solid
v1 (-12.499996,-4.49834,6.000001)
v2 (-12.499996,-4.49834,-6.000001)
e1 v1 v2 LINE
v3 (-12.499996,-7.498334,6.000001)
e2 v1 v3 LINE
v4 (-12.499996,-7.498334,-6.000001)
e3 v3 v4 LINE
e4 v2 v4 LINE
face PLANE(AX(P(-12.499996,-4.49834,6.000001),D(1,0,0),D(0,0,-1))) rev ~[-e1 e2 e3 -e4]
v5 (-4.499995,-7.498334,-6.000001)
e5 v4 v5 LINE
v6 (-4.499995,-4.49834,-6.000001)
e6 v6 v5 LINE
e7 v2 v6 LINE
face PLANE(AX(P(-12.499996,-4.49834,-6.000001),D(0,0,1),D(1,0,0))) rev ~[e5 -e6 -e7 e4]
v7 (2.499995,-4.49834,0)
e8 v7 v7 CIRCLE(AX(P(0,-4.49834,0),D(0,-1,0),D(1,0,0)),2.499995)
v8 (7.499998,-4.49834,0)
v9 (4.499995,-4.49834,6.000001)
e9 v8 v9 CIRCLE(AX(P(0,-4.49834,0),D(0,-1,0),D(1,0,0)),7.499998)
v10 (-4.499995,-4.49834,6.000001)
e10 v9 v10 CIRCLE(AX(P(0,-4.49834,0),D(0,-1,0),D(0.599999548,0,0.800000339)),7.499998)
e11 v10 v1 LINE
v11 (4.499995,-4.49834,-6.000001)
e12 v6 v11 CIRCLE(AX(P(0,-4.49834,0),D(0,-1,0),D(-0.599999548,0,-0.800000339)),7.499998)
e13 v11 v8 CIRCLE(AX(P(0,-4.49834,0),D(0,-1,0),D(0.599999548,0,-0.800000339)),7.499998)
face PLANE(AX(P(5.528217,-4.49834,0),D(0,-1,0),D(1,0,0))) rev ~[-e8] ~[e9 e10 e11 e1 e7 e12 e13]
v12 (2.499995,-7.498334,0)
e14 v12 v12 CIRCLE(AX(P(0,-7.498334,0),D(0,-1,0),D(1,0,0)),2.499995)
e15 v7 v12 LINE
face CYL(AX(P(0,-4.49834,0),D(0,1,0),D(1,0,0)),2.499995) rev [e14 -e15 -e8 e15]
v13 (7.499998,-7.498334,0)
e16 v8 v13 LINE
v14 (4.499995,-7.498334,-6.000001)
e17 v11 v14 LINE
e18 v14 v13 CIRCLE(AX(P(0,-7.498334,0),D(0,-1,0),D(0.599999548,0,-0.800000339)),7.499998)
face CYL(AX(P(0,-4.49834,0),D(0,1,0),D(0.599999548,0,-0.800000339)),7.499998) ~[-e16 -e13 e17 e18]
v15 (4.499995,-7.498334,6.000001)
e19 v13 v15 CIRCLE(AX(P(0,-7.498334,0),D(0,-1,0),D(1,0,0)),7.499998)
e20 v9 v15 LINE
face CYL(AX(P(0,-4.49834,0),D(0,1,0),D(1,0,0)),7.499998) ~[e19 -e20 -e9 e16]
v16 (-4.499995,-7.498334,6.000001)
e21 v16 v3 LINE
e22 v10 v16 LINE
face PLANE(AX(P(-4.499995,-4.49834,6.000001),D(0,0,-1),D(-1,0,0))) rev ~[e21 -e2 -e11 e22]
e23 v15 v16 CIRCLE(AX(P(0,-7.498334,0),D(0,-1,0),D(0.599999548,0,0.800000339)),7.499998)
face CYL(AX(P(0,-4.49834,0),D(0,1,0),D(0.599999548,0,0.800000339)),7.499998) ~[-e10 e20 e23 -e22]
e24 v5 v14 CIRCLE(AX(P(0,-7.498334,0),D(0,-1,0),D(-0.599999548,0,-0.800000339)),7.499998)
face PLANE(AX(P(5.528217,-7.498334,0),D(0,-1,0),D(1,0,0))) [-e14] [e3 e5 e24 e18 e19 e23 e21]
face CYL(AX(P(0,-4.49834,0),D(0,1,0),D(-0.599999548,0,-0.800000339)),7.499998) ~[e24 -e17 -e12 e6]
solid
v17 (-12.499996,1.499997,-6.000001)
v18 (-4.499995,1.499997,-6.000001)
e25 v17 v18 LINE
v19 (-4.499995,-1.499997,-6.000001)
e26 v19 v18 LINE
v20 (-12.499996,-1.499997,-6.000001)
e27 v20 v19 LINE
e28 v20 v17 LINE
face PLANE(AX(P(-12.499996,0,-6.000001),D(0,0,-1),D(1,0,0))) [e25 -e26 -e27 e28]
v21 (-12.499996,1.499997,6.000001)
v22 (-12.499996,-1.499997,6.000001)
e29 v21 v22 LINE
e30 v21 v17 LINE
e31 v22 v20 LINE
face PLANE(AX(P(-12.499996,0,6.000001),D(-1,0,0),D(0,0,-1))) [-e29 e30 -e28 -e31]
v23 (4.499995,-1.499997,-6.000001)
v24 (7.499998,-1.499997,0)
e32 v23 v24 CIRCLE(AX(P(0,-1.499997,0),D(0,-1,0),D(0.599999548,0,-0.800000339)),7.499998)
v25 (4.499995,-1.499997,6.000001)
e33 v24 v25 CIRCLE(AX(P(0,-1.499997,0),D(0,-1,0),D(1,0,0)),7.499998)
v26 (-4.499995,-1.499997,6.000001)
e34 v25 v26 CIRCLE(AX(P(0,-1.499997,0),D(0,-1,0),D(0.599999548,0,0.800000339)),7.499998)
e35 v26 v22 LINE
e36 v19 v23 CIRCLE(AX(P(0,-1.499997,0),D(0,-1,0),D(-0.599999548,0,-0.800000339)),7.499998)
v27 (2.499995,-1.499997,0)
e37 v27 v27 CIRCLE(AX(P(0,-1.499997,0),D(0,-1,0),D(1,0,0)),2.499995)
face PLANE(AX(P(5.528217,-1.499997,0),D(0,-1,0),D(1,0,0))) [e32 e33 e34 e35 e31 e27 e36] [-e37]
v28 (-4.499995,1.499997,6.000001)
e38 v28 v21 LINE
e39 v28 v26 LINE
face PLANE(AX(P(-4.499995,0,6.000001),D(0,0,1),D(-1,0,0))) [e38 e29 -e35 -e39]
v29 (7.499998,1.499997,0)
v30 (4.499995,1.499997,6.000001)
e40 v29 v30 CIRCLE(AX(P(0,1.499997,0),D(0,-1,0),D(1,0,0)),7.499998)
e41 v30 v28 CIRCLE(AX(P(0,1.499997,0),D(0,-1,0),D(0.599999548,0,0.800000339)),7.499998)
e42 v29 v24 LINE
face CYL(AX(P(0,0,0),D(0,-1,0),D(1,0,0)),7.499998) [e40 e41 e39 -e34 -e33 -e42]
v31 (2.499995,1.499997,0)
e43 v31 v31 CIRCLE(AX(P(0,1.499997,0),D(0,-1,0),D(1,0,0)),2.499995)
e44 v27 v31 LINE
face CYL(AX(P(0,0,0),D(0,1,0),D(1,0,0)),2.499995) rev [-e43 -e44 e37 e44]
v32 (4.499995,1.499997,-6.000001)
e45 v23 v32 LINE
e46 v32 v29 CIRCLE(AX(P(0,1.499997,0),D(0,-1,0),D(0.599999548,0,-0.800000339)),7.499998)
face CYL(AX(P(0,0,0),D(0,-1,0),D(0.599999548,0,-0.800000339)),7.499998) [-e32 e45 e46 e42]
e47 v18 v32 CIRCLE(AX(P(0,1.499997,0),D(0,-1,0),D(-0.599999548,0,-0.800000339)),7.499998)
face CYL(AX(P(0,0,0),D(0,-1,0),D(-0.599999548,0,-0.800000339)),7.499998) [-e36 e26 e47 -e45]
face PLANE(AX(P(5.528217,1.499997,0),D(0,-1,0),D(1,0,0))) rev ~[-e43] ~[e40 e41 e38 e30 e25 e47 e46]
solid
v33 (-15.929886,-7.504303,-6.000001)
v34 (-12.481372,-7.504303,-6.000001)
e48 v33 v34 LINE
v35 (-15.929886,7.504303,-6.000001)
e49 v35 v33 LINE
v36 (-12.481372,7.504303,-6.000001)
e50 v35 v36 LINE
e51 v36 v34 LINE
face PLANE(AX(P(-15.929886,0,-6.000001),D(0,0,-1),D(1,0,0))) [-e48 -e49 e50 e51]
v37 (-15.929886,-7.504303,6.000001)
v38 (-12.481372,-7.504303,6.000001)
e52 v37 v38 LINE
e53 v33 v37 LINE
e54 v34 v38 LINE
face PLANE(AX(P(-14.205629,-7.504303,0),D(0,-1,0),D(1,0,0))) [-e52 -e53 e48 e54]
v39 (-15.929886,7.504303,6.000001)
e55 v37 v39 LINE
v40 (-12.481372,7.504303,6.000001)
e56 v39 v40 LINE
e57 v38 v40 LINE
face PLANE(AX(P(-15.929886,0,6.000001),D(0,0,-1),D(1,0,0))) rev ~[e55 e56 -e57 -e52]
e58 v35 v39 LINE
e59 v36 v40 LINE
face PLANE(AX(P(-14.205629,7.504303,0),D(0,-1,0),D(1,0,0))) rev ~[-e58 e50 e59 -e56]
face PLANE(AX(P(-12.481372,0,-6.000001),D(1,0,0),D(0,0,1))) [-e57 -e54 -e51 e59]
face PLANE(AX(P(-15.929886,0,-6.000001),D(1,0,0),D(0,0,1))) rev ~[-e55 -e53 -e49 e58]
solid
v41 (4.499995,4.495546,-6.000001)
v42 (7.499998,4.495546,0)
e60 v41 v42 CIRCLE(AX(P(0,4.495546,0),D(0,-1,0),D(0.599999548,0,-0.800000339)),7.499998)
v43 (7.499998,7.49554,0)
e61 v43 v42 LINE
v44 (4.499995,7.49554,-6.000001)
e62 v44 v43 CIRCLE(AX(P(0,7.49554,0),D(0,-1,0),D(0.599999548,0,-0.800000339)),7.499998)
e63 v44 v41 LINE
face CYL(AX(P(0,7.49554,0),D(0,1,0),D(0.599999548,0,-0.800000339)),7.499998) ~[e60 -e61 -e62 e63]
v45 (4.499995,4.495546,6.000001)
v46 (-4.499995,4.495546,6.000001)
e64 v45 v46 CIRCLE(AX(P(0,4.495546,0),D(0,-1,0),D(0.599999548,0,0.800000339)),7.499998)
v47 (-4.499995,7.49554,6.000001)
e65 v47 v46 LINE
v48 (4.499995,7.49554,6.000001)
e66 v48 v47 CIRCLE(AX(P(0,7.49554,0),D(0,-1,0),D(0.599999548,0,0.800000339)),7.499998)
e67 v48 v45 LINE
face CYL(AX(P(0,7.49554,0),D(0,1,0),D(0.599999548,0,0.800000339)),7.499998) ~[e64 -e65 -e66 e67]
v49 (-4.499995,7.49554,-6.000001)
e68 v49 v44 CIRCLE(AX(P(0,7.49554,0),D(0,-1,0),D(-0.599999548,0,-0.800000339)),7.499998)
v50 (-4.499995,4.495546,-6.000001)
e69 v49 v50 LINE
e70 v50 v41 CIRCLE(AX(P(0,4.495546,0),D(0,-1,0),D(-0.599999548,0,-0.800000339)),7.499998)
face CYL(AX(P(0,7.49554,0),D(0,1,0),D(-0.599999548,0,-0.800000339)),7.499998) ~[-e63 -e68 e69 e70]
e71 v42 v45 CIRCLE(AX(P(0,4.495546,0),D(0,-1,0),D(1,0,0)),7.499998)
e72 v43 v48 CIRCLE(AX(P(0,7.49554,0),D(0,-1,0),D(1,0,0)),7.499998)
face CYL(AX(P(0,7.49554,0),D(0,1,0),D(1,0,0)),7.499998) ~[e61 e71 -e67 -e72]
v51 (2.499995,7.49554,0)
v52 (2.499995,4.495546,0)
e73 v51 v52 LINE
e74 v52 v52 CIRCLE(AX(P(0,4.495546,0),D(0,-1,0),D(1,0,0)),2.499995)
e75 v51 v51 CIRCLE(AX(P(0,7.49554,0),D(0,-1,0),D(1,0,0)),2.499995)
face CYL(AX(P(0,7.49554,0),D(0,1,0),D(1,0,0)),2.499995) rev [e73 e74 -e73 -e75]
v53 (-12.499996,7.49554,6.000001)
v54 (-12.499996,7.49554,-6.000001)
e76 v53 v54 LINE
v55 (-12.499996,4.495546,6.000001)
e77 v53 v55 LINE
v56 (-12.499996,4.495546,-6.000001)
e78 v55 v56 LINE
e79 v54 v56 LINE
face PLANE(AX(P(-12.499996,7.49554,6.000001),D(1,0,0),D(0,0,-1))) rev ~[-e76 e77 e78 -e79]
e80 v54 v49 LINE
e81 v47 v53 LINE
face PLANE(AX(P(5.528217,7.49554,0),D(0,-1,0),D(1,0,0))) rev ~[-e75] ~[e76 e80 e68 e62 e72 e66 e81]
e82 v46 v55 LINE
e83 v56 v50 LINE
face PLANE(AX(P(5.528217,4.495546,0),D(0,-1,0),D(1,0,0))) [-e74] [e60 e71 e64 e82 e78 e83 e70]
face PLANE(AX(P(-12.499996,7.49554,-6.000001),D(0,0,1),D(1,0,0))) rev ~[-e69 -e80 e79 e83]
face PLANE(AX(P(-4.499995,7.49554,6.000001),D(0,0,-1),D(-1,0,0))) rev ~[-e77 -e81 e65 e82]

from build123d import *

# Parameters (mm, degrees)
F0_W      = 8.9999904667
F0_H      = 12.0000014
F0_R      = 2.499995
F1_DEPTH  = 1.499997
F2_DEPTH  = 2.999994
F4_DEPTH  = 2.999994
F6_DEPTH  = 2.999994
F8_DEPTH  = 2.999994
F10_W     = 3.4485142678
F10_H     = 12.0000014
F11_DEPTH = 7.504303


with BuildPart() as f1:
    # F0 (on Front) → F1 (new body, symmetric)
    with BuildSketch(Plane.XZ):
        with BuildLine():
            ThreePointArc((4.4999952333, -6.0000007), (6.7082009287, -3.3541028309), (7.4999977, 0))
            ThreePointArc((7.4999977, 0), (6.7082009287, 3.3541028309), (4.4999952333, 6.0000007))
            Line((4.4999952333, 6.0000007), (4.4999952333, -6.0000007))
        make_face()
        with BuildLine():
            Line((-4.4999952333, 6.0000007), (4.4999952333, 6.0000007))
            ThreePointArc((4.4999952333, 6.0000007), (0, 7.4999977), (-4.4999952333, 6.0000007))
        make_face()
        Rectangle(F0_W, F0_H)
        Circle(F0_R, mode=Mode.SUBTRACT)
        with BuildLine():
            ThreePointArc((-4.4999952333, -6.0000007), (0, -7.4999977), (4.4999952333, -6.0000007))
            Line((4.4999952333, -6.0000007), (-4.4999952333, -6.0000007))
        make_face()
        with BuildLine():
            Line((-4.4999952333, -6.0000007), (-4.4999952333, 6.0000007))
            ThreePointArc((-4.4999952333, 6.0000007), (-7.4999977, 0), (-4.4999952333, -6.0000007))
        make_face()
        with BuildLine():
            ThreePointArc((-4.4999952333, -6.0000007), (-7.4999977, 0), (-4.4999952333, 6.0000007))
            Line((-4.4999952333, 6.0000007), (-12.4999961667, 6.0000007))
            Line((-12.4999961667, 6.0000007), (-12.4999961667, -6.0000007))
            Line((-12.4999961667, -6.0000007), (-4.4999952333, -6.0000007))
        make_face()
    extrude(amount=F1_DEPTH, both=True)


with BuildPart() as f2:
    # F0 (on Front) → F2 (new body)
    with BuildSketch(Plane.XZ):
        with BuildLine():
            ThreePointArc((4.4999952333, -6.0000007), (6.7082009287, -3.3541028309), (7.4999977, 0))
            ThreePointArc((7.4999977, 0), (6.7082009287, 3.3541028309), (4.4999952333, 6.0000007))
            Line((4.4999952333, 6.0000007), (4.4999952333, -6.0000007))
        make_face()
        with BuildLine():
            Line((-4.4999952333, 6.0000007), (4.4999952333, 6.0000007))
            ThreePointArc((4.4999952333, 6.0000007), (0, 7.4999977), (-4.4999952333, 6.0000007))
        make_face()
        Rectangle(F0_W, F0_H)
        Circle(F0_R, mode=Mode.SUBTRACT)
        with BuildLine():
            ThreePointArc((-4.4999952333, -6.0000007), (0, -7.4999977), (4.4999952333, -6.0000007))
            Line((4.4999952333, -6.0000007), (-4.4999952333, -6.0000007))
        make_face()
        with BuildLine():
            Line((-4.4999952333, -6.0000007), (-4.4999952333, 6.0000007))
            ThreePointArc((-4.4999952333, 6.0000007), (-7.4999977, 0), (-4.4999952333, -6.0000007))
        make_face()
        with BuildLine():
            ThreePointArc((-4.4999952333, -6.0000007), (-7.4999977, 0), (-4.4999952333, 6.0000007))
            Line((-4.4999952333, 6.0000007), (-12.4999961667, 6.0000007))
            Line((-12.4999961667, 6.0000007), (-12.4999961667, -6.0000007))
            Line((-12.4999961667, -6.0000007), (-4.4999952333, -6.0000007))
        make_face()
    extrude(amount=-F2_DEPTH)


with BuildPart() as f2_1:
    # F3: moved
    add(f2.part.moved(Location((0, 1.4986, 0))))


with BuildPart() as f4:
    # F0 (on Front) → F4 (new body)
    with BuildSketch(Plane.XZ):
        with BuildLine():
            ThreePointArc((4.4999952333, -6.0000007), (6.7082009287, -3.3541028309), (7.4999977, 0))
            ThreePointArc((7.4999977, 0), (6.7082009287, 3.3541028309), (4.4999952333, 6.0000007))
            Line((4.4999952333, 6.0000007), (4.4999952333, -6.0000007))
        make_face()
        with BuildLine():
            Line((-4.4999952333, 6.0000007), (4.4999952333, 6.0000007))
            ThreePointArc((4.4999952333, 6.0000007), (0, 7.4999977), (-4.4999952333, 6.0000007))
        make_face()
        Rectangle(F0_W, F0_H)
        Circle(F0_R, mode=Mode.SUBTRACT)
        with BuildLine():
            ThreePointArc((-4.4999952333, -6.0000007), (0, -7.4999977), (4.4999952333, -6.0000007))
            Line((4.4999952333, -6.0000007), (-4.4999952333, -6.0000007))
        make_face()
        with BuildLine():
            Line((-4.4999952333, -6.0000007), (-4.4999952333, 6.0000007))
            ThreePointArc((-4.4999952333, 6.0000007), (-7.4999977, 0), (-4.4999952333, -6.0000007))
        make_face()
        with BuildLine():
            ThreePointArc((-4.4999952333, -6.0000007), (-7.4999977, 0), (-4.4999952333, 6.0000007))
            Line((-4.4999952333, 6.0000007), (-12.4999961667, 6.0000007))
            Line((-12.4999961667, 6.0000007), (-12.4999961667, -6.0000007))
            Line((-12.4999961667, -6.0000007), (-4.4999952333, -6.0000007))
        make_face()
    extrude(amount=F4_DEPTH)


with BuildPart() as f4_1:
    # F5: moved
    add(f4.part.moved(Location((0, -1.500124, 0))))


with BuildPart() as f6:
    # F0 (on Front) → F6 (new body)
    with BuildSketch(Plane.XZ):
        with BuildLine():
            ThreePointArc((4.4999952333, -6.0000007), (6.7082009287, -3.3541028309), (7.4999977, 0))
            ThreePointArc((7.4999977, 0), (6.7082009287, 3.3541028309), (4.4999952333, 6.0000007))
            Line((4.4999952333, 6.0000007), (4.4999952333, -6.0000007))
        make_face()
        with BuildLine():
            Line((-4.4999952333, 6.0000007), (4.4999952333, 6.0000007))
            ThreePointArc((4.4999952333, 6.0000007), (0, 7.4999977), (-4.4999952333, 6.0000007))
        make_face()
        Rectangle(F0_W, F0_H)
        Circle(F0_R, mode=Mode.SUBTRACT)
        with BuildLine():
            ThreePointArc((-4.4999952333, -6.0000007), (0, -7.4999977), (4.4999952333, -6.0000007))
            Line((4.4999952333, -6.0000007), (-4.4999952333, -6.0000007))
        make_face()
        with BuildLine():
            Line((-4.4999952333, -6.0000007), (-4.4999952333, 6.0000007))
            ThreePointArc((-4.4999952333, 6.0000007), (-7.4999977, 0), (-4.4999952333, -6.0000007))
        make_face()
        with BuildLine():
            ThreePointArc((-4.4999952333, -6.0000007), (-7.4999977, 0), (-4.4999952333, 6.0000007))
            Line((-4.4999952333, 6.0000007), (-12.4999961667, 6.0000007))
            Line((-12.4999961667, 6.0000007), (-12.4999961667, -6.0000007))
            Line((-12.4999961667, -6.0000007), (-4.4999952333, -6.0000007))
        make_face()
    extrude(amount=F6_DEPTH)


with BuildPart() as f6_1:
    # F7: moved
    add(f6.part.moved(Location((0, -4.49834, 0))))


with BuildPart() as f8:
    # F0 (on Front) → F8 (new body)
    with BuildSketch(Plane.XZ):
        with BuildLine():
            ThreePointArc((4.4999952333, -6.0000007), (6.7082009287, -3.3541028309), (7.4999977, 0))
            ThreePointArc((7.4999977, 0), (6.7082009287, 3.3541028309), (4.4999952333, 6.0000007))
            Line((4.4999952333, 6.0000007), (4.4999952333, -6.0000007))
        make_face()
        with BuildLine():
            Line((-4.4999952333, 6.0000007), (4.4999952333, 6.0000007))
            ThreePointArc((4.4999952333, 6.0000007), (0, 7.4999977), (-4.4999952333, 6.0000007))
        make_face()
        Rectangle(F0_W, F0_H)
        Circle(F0_R, mode=Mode.SUBTRACT)
        with BuildLine():
            ThreePointArc((-4.4999952333, -6.0000007), (0, -7.4999977), (4.4999952333, -6.0000007))
            Line((4.4999952333, -6.0000007), (-4.4999952333, -6.0000007))
        make_face()
        with BuildLine():
            Line((-4.4999952333, -6.0000007), (-4.4999952333, 6.0000007))
            ThreePointArc((-4.4999952333, 6.0000007), (-7.4999977, 0), (-4.4999952333, -6.0000007))
        make_face()
        with BuildLine():
            ThreePointArc((-4.4999952333, -6.0000007), (-7.4999977, 0), (-4.4999952333, 6.0000007))
            Line((-4.4999952333, 6.0000007), (-12.4999961667, 6.0000007))
            Line((-12.4999961667, 6.0000007), (-12.4999961667, -6.0000007))
            Line((-12.4999961667, -6.0000007), (-4.4999952333, -6.0000007))
        make_face()
    extrude(amount=F8_DEPTH)


with BuildPart() as f8_1:
    # F9: moved
    add(f8.part.moved(Location((0, 7.49554, 0))))


with BuildPart() as f11:
    # F10 (on Front) → F11 (new body, symmetric)
    with BuildSketch(Plane.XZ):
        with Locations((-14.2310289666, 0)):
            Rectangle(F10_W, F10_H)
    extrude(amount=F11_DEPTH, both=True)


with BuildPart() as f11_1:
    # F12: moved
    add(f11.part.moved(Location((0.0254, 0, 0))))


solid = Compound([f1.part, f6_1.part, f8_1.part, f11_1.part])
